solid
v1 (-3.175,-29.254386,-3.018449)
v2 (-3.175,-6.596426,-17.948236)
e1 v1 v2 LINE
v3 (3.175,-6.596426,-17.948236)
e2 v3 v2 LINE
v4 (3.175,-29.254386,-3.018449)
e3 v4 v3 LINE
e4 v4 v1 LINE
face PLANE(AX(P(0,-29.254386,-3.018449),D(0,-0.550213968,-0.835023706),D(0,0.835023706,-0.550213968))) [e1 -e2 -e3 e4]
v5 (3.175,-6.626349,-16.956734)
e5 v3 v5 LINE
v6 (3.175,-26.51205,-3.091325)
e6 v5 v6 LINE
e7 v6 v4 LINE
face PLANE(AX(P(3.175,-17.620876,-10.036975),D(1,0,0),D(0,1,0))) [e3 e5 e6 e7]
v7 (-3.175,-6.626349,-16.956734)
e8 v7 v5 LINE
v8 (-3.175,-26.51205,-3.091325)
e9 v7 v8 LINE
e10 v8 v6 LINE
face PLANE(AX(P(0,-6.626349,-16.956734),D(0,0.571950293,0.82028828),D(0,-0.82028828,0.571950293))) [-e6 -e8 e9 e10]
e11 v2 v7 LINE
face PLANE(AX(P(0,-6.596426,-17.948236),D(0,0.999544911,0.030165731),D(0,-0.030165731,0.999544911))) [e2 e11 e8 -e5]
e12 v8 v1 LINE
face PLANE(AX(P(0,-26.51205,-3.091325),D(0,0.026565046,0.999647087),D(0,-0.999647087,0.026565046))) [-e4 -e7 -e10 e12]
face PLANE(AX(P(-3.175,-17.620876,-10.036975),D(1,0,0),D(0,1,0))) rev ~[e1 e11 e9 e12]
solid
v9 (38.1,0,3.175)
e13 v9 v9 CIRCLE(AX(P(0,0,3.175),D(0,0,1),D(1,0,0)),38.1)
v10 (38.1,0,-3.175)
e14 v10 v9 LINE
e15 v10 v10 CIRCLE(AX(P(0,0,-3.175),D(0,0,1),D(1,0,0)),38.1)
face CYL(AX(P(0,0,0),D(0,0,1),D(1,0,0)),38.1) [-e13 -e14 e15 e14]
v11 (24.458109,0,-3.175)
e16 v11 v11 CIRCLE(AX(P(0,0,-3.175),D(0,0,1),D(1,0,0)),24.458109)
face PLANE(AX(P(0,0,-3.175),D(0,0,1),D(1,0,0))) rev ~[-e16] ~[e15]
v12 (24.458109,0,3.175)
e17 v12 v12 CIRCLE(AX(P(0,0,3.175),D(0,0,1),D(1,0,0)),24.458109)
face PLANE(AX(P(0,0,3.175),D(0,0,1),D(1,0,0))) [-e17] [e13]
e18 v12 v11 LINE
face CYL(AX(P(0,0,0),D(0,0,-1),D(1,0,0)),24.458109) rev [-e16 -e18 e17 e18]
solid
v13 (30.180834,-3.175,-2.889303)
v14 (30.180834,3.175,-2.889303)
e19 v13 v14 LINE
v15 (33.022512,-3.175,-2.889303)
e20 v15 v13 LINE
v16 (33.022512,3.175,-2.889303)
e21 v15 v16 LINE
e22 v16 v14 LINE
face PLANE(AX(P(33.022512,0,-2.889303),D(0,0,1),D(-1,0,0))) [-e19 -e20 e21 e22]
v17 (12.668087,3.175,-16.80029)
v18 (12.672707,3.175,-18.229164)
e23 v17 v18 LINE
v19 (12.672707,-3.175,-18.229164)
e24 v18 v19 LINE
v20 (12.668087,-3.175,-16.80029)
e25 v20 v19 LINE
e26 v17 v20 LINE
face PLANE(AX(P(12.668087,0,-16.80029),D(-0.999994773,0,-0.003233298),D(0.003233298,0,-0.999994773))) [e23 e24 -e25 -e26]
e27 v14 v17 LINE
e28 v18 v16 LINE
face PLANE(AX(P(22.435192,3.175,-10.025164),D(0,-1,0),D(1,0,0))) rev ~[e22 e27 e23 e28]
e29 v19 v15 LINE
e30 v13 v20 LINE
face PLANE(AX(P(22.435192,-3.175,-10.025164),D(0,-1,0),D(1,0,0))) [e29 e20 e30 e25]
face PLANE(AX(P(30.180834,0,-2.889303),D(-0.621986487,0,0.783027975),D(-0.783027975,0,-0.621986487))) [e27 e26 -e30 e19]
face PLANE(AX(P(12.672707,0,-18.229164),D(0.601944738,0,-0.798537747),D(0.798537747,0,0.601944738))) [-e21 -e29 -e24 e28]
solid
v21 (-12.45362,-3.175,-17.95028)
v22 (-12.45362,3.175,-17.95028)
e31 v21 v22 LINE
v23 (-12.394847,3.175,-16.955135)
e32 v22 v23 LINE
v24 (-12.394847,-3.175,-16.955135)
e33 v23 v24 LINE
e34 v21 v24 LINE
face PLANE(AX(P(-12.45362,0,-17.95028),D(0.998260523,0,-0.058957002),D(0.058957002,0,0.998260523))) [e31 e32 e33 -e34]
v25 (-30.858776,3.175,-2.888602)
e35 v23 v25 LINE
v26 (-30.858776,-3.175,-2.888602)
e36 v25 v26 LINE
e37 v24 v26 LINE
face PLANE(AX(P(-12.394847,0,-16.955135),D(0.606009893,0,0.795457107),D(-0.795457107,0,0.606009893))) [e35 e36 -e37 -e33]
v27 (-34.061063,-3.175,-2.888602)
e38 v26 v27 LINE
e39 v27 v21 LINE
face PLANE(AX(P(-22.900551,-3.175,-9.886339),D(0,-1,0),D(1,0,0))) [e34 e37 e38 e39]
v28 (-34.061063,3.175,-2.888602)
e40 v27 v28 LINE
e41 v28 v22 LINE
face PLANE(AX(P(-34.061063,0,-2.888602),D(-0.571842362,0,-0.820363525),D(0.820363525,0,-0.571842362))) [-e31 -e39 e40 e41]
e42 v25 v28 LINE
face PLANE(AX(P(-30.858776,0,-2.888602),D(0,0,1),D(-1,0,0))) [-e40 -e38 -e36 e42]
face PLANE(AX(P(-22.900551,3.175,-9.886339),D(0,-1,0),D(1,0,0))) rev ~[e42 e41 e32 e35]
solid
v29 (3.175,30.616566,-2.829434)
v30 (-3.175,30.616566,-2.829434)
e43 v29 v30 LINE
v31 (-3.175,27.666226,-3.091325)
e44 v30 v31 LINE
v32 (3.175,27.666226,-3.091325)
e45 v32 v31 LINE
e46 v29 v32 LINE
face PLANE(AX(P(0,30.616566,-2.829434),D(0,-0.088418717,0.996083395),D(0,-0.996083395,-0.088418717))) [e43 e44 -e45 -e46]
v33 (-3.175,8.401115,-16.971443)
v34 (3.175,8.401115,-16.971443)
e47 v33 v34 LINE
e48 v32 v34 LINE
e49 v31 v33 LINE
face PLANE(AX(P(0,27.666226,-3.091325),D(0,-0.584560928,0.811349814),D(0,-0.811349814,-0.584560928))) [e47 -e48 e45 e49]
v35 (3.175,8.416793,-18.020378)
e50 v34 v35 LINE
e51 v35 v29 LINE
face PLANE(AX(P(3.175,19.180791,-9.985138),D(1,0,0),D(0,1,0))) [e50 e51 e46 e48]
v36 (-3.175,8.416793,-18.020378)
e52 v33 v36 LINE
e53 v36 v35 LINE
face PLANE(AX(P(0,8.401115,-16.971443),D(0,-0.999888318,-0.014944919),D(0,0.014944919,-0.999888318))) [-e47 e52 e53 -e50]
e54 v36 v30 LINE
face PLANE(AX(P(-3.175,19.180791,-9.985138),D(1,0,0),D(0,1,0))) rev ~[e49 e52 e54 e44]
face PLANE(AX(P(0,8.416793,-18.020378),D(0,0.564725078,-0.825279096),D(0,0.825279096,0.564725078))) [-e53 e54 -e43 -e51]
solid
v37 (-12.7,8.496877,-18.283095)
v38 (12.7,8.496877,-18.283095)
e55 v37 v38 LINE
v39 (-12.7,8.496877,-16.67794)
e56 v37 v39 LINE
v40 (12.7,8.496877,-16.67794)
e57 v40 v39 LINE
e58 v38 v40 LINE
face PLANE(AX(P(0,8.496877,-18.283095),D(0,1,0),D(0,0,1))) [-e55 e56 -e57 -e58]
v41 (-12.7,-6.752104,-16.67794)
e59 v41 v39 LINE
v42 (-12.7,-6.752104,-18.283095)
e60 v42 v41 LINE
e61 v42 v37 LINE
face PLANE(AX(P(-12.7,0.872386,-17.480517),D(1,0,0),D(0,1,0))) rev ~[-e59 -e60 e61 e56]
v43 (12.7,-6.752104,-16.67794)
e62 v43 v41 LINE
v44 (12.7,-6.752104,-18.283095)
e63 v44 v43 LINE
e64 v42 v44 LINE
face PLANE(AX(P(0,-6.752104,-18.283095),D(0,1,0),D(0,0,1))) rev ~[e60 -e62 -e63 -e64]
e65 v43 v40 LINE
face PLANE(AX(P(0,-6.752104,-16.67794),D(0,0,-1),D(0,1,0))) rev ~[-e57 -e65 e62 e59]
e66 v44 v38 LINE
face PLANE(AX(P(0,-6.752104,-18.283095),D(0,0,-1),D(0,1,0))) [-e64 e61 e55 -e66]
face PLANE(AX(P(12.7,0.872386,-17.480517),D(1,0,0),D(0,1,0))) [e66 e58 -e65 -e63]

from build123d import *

# Parameters (mm, degrees)
F0_R      = 38.1
F0_R_2    = 24.458109
F1_DEPTH  = 3.175
F2_W      = 15.248981
F2_H      = 1.605155
F3_DEPTH  = 12.7
F6_DEPTH  = 3.175
F8_DEPTH  = 3.175
F9_DEPTH  = 3.175
F10_DEPTH = 3.175


with BuildPart() as f1:
    # F0 (on Top) → F1 (new body, symmetric)
    with BuildSketch(Plane.XY):
        Circle(F0_R)
        Circle(F0_R_2, mode=Mode.SUBTRACT)
    extrude(amount=F1_DEPTH, both=True)


with BuildPart() as f3:
    # F2 (on Right) → F3 (new body, symmetric)
    with BuildSketch(Plane.YZ):
        with Locations((0.872386, -17.480517)):
            Rectangle(F2_W, F2_H)
    extrude(amount=F3_DEPTH, both=True)


with BuildPart() as f6:
    # F5 (on Front) → F6 (new body, symmetric)
    with BuildSketch(Plane.XZ):
        Polygon((-12.45362, -17.95028), (-12.394847, -16.955135), (-30.858776, -2.888602), (-34.061063, -2.888602), align=None)
    extrude(amount=F6_DEPTH, both=True)


with BuildPart() as f8:
    # F7 (on Front) → F8 (new body, symmetric)
    with BuildSketch(Plane.XZ):
        Polygon((30.180834, -2.889303), (12.668087, -16.80029), (12.672707, -18.229164), (33.022512, -2.889303), align=None)
    extrude(amount=F8_DEPTH, both=True)


with BuildPart() as f9:
    # F4 (on Right) → F9 (new body, symmetric)
    with BuildSketch(Plane.YZ):
        Polygon((-6.596426, -17.948236), (-6.626349, -16.956734), (-26.51205, -3.091325), (-29.254386, -3.018449), align=None)
    extrude(amount=F9_DEPTH, both=True)


with BuildPart() as f10:
    # F4 (on Right) → F10 (new body, symmetric)
    with BuildSketch(Plane.YZ):
        Polygon((27.666226, -3.091325), (8.401115, -16.971443), (8.416793, -18.020378), (30.616566, -2.829434), align=None)
    extrude(amount=F10_DEPTH, both=True)


solid = Compound([f1.part, f3.part, f6.part, f8.part, f9.part, f10.part])
